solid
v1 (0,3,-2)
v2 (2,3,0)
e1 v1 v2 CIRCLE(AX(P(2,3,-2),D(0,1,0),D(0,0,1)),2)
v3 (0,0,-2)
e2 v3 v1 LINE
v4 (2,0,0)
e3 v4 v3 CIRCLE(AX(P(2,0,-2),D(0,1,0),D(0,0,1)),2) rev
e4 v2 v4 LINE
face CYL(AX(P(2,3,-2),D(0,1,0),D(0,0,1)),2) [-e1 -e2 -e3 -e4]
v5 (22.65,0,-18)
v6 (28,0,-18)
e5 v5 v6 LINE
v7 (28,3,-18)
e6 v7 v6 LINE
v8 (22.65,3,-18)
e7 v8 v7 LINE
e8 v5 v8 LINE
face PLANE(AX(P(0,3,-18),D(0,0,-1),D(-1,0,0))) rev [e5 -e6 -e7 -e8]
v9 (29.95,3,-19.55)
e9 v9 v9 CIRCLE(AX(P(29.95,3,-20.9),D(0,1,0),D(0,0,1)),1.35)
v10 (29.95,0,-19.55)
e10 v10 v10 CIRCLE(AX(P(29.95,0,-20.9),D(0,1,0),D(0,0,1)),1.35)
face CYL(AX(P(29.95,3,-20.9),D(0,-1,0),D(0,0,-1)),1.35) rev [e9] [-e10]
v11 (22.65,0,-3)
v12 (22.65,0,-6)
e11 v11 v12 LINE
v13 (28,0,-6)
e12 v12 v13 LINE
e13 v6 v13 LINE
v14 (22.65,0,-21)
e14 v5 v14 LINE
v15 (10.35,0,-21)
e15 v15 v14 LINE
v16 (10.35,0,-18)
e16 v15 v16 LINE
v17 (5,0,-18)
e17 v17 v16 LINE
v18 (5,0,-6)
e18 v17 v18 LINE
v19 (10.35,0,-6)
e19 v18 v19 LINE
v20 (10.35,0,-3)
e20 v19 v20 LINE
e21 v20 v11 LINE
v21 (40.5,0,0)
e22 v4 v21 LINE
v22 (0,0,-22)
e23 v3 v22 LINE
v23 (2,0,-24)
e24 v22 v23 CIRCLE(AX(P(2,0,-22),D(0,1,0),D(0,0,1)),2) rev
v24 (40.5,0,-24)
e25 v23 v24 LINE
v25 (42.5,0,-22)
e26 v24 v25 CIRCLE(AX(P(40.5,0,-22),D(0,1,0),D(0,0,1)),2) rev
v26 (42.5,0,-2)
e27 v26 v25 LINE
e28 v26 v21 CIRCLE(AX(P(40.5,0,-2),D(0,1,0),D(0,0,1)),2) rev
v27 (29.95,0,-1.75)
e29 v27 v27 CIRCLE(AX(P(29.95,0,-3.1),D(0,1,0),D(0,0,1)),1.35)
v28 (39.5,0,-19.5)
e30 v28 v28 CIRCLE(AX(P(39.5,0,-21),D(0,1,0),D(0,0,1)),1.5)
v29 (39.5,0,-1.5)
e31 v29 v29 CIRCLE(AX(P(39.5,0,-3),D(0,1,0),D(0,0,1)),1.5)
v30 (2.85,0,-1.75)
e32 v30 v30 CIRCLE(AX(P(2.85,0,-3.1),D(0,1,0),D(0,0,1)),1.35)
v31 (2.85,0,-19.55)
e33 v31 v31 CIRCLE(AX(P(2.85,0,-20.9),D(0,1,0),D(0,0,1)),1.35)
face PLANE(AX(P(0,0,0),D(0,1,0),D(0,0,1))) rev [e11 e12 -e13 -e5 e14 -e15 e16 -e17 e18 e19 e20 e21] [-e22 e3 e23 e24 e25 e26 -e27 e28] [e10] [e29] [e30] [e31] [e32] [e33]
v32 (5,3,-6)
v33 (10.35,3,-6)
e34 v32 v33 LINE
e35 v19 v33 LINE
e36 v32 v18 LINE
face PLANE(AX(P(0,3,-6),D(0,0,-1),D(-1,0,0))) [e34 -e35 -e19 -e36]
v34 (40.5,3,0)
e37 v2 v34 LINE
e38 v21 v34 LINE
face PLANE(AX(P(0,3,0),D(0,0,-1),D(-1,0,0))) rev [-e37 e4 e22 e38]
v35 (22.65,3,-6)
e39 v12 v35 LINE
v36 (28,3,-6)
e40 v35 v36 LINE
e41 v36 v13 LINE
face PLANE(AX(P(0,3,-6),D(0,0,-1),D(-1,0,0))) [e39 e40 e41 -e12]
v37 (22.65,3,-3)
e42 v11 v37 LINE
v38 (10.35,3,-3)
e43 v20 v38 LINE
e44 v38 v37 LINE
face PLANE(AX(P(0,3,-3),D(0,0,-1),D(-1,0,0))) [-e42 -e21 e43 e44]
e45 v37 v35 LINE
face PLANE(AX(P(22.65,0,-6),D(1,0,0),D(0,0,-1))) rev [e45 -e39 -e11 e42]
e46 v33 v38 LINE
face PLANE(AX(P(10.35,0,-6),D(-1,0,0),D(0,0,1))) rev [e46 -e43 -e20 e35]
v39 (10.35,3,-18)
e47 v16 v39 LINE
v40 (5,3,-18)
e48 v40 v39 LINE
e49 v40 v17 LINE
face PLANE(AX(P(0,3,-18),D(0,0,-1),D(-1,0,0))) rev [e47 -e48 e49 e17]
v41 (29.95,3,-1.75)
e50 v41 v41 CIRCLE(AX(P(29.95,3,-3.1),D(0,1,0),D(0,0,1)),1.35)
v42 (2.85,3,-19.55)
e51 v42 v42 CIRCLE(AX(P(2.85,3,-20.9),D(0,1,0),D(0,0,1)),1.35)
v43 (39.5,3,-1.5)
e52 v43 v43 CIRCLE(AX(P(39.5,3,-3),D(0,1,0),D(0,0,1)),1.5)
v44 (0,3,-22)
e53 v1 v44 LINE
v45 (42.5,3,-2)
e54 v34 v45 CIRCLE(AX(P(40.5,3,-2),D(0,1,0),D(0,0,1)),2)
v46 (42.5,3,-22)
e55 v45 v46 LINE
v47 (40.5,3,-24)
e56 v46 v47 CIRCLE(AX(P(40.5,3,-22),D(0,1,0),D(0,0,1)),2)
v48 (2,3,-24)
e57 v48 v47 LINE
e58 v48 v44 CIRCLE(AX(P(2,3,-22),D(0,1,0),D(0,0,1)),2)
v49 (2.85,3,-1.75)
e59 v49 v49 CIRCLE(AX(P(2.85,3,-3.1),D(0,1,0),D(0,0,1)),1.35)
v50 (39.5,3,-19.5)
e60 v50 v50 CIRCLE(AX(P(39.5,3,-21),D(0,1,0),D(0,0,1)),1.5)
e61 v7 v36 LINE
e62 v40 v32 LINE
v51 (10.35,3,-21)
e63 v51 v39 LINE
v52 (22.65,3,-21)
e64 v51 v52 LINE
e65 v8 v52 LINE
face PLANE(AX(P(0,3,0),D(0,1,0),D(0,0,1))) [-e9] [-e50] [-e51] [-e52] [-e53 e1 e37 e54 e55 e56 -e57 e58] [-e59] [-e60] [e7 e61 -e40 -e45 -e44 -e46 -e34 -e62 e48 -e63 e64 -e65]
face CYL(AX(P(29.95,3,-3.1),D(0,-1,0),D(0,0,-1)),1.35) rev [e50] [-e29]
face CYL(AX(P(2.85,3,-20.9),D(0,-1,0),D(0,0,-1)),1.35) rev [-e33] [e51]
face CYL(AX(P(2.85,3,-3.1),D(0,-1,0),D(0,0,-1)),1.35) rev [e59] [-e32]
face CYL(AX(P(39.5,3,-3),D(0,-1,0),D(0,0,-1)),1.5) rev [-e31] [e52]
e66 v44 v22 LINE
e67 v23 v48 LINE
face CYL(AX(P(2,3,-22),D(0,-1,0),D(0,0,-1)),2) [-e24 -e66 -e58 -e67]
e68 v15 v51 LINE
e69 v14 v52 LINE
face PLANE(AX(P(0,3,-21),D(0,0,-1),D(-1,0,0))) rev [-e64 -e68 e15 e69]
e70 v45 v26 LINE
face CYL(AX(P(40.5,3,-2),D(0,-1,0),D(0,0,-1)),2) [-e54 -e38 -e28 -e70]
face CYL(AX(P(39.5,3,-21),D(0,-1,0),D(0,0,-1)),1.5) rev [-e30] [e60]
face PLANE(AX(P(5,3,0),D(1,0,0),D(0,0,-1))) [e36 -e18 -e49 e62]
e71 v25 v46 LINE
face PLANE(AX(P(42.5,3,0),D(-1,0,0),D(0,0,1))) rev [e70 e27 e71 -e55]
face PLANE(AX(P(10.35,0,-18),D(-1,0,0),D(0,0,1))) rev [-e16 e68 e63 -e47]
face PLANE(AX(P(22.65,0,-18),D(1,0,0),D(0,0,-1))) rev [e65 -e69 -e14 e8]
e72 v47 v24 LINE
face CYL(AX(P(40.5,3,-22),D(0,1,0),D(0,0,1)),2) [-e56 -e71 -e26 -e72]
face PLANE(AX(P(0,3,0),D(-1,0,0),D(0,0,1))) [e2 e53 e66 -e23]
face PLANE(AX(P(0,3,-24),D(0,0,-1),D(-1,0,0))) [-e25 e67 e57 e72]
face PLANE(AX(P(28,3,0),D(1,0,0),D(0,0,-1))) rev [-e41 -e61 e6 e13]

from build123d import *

# Parameters (mm, degrees)
SKETCH1_W           = 42.5
SKETCH1_H           = 24
SKETCH1_R           = 1.35
SKETCH1_R_2         = 1.5
BOSS_EXTRUDE1_DEPTH = 3
SKETCH2_W           = 0.15
SKETCH2_H           = 3
CUT_EXTRUDE1_DEPTH  = 4
FILLET1_R           = 2


with BuildPart() as part:
    # Sketch1 → Boss-Extrude1 (new body)
    with BuildSketch(Plane(origin=(0, 0, 0), x_dir=(1, 0, 0), z_dir=(0, 1, 0))):
        with Locations((21.25, 12)):
            Rectangle(SKETCH1_W, SKETCH1_H)
        with Locations((2.85, 3.1)):
            Circle(SKETCH1_R, mode=Mode.SUBTRACT)
        with Locations((29.95, 3.1)):
            Circle(SKETCH1_R, mode=Mode.SUBTRACT)
        with Locations((39.5, 3)):
            Circle(SKETCH1_R_2, mode=Mode.SUBTRACT)
        Polygon((5, 6), (5, 18), (10.5, 18), (10.5, 21), (22.5, 21), (22.5, 18), (28, 18), (28, 6), (22.5, 6), (22.5, 3), (10.5, 3), (10.5, 6), align=None, mode=Mode.SUBTRACT)
        with Locations((2.85, 20.9)):
            Circle(SKETCH1_R, mode=Mode.SUBTRACT)
        with Locations((29.95, 20.9)):
            Circle(SKETCH1_R, mode=Mode.SUBTRACT)
        with Locations((39.5, 21)):
            Circle(SKETCH1_R_2, mode=Mode.SUBTRACT)
    extrude(amount=BOSS_EXTRUDE1_DEPTH)

    # Sketch2 → Cut-Extrude1 (cut, through all)
    with BuildSketch(Plane(origin=(0, 3, 0), x_dir=(1, 0, 0), z_dir=(0, 1, 0))):
        with Locations((22.575, 4.5)):
            Rectangle(SKETCH2_W, SKETCH2_H)
        with Locations((10.425, 4.5)):
            Rectangle(SKETCH2_W, SKETCH2_H)
        with Locations((22.575, 19.5)):
            Rectangle(SKETCH2_W, SKETCH2_H)
        with Locations((10.425, 19.5)):
            Rectangle(SKETCH2_W, SKETCH2_H)
    extrude(amount=-CUT_EXTRUDE1_DEPTH, mode=Mode.SUBTRACT)

    # Fillet1
    fillet1_edges = [part.edges().sort_by_distance(p)[0] for p in [
        (0, 1.5, 0),
        (0, 1.5, -24),
        (42.5, 1.5, -24),
        (42.5, 1.5, 0),
    ]]
    fillet(fillet1_edges, radius=FILLET1_R)


solid = part.part
